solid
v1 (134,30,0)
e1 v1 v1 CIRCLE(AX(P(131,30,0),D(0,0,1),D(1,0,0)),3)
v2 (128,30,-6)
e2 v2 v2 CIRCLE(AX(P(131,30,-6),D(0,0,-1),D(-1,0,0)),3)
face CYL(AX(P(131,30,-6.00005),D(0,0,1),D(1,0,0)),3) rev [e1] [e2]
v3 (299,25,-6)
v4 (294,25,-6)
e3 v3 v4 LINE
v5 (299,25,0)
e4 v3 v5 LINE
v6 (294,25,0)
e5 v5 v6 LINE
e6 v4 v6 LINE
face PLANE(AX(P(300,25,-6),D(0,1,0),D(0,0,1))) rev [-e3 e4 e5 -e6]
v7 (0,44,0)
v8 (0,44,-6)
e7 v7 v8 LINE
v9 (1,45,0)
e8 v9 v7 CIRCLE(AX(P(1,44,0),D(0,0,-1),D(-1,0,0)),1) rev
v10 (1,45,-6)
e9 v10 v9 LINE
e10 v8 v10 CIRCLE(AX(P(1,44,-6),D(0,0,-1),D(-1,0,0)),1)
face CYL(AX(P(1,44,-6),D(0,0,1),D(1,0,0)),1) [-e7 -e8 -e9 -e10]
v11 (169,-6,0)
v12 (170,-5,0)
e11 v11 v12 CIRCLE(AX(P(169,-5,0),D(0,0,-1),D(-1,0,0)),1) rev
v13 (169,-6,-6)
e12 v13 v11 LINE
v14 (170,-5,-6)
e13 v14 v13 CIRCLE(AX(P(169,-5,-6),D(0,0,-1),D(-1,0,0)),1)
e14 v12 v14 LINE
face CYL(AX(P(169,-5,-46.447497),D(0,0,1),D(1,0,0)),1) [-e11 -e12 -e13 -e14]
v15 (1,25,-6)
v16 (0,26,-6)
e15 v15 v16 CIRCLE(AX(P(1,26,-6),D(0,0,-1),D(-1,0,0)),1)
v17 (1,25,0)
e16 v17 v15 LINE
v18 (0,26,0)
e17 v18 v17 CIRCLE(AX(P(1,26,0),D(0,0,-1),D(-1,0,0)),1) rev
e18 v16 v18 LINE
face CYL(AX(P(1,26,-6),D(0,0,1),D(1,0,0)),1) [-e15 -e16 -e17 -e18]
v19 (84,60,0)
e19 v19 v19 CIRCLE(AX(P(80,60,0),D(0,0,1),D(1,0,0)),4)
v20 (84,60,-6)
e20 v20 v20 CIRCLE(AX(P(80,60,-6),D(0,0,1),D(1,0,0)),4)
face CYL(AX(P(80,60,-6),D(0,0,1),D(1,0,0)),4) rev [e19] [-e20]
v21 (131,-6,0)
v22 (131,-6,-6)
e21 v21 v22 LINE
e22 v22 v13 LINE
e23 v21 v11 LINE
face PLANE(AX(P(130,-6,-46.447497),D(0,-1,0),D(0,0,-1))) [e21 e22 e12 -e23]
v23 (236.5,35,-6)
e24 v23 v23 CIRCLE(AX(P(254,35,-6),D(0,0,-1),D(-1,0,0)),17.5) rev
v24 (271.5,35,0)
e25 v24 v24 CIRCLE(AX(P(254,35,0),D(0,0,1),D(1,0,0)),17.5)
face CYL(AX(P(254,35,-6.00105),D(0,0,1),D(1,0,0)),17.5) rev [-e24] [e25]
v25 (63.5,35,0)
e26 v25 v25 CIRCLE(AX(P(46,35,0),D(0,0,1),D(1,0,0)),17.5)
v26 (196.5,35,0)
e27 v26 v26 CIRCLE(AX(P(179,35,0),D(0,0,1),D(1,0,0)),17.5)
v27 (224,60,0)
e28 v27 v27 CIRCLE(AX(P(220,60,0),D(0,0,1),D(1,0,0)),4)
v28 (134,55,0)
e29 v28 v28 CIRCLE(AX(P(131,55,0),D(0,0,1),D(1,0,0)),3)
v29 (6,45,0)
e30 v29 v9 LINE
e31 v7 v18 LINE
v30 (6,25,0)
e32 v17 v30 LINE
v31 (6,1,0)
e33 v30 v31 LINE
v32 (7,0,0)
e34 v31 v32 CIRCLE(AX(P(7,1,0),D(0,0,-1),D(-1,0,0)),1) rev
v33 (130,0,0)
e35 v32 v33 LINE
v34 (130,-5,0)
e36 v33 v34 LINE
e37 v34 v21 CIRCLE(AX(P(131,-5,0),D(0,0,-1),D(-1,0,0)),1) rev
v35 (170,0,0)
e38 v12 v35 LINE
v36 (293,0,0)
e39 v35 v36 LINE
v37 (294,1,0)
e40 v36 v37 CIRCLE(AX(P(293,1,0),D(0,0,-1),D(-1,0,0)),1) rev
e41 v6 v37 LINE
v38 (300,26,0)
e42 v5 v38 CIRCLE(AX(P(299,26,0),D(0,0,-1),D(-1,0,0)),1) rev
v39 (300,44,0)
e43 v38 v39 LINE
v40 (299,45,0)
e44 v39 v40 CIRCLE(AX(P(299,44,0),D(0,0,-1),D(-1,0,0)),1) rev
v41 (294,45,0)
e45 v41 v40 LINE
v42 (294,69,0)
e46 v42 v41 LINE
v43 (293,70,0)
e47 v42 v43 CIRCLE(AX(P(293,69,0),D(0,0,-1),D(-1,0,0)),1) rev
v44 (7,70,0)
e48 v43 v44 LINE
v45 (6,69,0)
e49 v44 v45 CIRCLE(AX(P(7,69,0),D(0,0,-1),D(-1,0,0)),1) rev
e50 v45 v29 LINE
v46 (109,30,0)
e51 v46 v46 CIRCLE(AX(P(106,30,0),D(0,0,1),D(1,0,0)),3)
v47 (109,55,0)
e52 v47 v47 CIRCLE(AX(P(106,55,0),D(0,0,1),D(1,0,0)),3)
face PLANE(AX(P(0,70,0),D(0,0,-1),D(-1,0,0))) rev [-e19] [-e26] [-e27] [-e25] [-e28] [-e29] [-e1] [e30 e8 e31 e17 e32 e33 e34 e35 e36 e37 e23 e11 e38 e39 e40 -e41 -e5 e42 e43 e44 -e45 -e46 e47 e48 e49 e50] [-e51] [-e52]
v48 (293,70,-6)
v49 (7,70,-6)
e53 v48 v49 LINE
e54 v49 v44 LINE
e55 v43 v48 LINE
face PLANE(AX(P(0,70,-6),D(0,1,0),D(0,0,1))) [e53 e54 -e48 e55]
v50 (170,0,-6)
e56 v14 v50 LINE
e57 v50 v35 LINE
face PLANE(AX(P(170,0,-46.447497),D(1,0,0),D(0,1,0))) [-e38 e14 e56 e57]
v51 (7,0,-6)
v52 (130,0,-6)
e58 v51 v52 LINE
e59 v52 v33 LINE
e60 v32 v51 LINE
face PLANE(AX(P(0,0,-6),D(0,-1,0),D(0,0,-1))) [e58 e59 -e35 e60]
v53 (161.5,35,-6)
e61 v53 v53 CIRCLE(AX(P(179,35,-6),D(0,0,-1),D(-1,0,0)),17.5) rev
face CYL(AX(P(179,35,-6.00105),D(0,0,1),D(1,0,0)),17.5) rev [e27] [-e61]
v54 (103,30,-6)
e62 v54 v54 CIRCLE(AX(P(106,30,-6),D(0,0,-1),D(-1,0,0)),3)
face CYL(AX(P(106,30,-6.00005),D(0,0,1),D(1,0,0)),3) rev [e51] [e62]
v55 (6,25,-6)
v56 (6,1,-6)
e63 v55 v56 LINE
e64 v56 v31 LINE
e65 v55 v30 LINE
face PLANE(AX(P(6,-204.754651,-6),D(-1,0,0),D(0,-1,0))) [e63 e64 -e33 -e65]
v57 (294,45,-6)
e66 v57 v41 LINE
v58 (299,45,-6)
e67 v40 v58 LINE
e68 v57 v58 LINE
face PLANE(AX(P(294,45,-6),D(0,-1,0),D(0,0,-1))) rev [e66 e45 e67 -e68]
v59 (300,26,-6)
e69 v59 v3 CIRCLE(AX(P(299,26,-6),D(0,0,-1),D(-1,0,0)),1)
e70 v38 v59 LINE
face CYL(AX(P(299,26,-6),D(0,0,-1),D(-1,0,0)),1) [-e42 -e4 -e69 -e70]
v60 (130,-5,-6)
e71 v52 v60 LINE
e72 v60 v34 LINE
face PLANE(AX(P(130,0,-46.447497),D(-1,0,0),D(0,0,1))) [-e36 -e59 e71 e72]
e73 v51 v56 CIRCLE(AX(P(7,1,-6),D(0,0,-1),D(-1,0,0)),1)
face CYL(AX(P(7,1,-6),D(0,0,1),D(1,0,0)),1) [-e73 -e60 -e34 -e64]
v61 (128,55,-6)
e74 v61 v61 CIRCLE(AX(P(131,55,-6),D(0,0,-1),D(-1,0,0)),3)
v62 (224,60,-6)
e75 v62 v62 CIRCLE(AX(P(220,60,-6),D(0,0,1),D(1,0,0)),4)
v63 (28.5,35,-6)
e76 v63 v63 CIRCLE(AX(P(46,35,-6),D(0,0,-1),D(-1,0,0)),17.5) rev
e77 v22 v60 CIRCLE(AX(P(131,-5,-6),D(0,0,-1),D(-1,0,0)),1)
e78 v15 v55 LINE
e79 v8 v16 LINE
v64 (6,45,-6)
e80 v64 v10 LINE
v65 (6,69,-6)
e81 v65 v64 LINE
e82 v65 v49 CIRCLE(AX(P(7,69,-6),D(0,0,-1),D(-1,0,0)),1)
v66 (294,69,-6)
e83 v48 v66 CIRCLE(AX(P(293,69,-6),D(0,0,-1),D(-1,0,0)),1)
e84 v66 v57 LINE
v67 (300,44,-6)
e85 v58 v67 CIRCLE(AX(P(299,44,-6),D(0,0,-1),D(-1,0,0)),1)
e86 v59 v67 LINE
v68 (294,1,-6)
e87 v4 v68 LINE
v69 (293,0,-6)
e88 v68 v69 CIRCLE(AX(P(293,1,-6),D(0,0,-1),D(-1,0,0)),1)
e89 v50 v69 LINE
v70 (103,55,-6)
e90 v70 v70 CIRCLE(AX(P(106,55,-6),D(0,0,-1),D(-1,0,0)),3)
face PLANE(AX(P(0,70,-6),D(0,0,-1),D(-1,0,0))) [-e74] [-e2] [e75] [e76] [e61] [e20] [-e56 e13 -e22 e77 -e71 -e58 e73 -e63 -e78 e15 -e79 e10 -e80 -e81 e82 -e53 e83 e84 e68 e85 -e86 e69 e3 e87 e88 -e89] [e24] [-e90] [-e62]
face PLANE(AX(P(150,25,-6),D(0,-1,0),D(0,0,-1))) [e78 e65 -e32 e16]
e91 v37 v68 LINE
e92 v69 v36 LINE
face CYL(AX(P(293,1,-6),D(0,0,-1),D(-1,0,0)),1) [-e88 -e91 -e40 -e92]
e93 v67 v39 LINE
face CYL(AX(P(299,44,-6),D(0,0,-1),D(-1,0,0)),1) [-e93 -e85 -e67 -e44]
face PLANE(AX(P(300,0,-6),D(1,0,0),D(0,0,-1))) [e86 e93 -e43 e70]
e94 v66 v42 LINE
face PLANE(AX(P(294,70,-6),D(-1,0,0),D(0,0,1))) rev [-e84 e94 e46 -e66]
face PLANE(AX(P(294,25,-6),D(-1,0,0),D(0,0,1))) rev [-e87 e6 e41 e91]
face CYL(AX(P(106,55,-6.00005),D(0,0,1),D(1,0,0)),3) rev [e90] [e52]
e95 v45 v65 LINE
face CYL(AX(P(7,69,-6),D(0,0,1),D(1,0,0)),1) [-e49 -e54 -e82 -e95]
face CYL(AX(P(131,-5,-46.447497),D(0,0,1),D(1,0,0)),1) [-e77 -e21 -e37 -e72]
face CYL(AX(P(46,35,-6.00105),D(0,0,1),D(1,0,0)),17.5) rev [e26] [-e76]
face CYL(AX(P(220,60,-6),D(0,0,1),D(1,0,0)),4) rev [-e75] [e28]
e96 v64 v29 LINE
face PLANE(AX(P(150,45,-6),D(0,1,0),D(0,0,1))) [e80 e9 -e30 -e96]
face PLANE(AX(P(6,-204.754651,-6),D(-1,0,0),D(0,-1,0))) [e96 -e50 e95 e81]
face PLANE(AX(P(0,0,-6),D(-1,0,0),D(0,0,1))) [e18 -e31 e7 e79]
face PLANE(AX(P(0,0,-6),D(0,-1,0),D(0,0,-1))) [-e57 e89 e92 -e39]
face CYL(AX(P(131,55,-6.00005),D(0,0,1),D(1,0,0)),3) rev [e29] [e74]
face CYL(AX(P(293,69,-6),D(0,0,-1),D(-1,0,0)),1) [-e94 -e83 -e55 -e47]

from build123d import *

# Parameters (mm, degrees)
SKETCH1_W           = 300
SKETCH1_H           = 70
FRONT_DEPTH         = 6
SKETCH2_W           = 6
SKETCH2_H           = 25
SKETCH2_R           = 4
MOUNT_DEPTH         = 309.116860947
SKETCH3_W           = 40
SKETCH3_H           = 6
BOSS_EXTRUDE1_DEPTH = 6
FILLET_2_R          = 1
SKETCH4_R           = 3
CUT_EXTRUDE1_DEPTH  = 309.116860947
LITE_REACH          = 310.117
SKETCH5_R           = 17.5


with BuildPart() as part:
    # Sketch1 → front (new body)
    with BuildSketch(Plane.XY):
        with Locations((150, 35)):
            Rectangle(SKETCH1_W, SKETCH1_H)
    extrude(amount=-FRONT_DEPTH)

    # Sketch2 → mount (cut, through all)
    with BuildSketch(Plane.XY):
        with Locations((3, 57.5)):
            Rectangle(SKETCH2_W, SKETCH2_H)
        with Locations((3, 12.5)):
            Rectangle(SKETCH2_W, SKETCH2_H)
        with Locations((297, 57.5)):
            Rectangle(SKETCH2_W, SKETCH2_H)
        with Locations((297, 12.5)):
            Rectangle(SKETCH2_W, SKETCH2_H)
        with Locations((80, 60)):
            Circle(SKETCH2_R)
        with Locations((220, 60)):
            Circle(SKETCH2_R)
    extrude(amount=-MOUNT_DEPTH, mode=Mode.SUBTRACT)

    # Sketch3 → Boss-Extrude1 (add)
    with BuildSketch(Plane.XY):
        with Locations((150, -3)):
            Rectangle(SKETCH3_W, SKETCH3_H)
    extrude(amount=-BOSS_EXTRUDE1_DEPTH)

    # fillet 2
    fillet_2_edges = [part.edges().sort_by_distance(p)[0] for p in [
        (0, 45, -3),
        (0, 25, -3),
        (294, 0, -3),
        (300, 25, -3),
        (300, 45, -3),
        (294, 70, -3),
        (6, 0, -3),
        (6, 70, -3),
        (170, -6, -3),
        (130, -6, -3),
    ]]
    fillet(fillet_2_edges, radius=FILLET_2_R)

    # Sketch4 → Cut-Extrude1 (cut, through all)
    with BuildSketch(Plane.XY):
        with Locations((106, 55)):
            Circle(SKETCH4_R)
        with Locations((131, 55)):
            Circle(SKETCH4_R)
        with Locations((106, 30)):
            Circle(SKETCH4_R)
        with Locations((131, 30)):
            Circle(SKETCH4_R)
    extrude(amount=-CUT_EXTRUDE1_DEPTH, mode=Mode.SUBTRACT)

    # Sketch5 → lite (cut, up to next)
    with BuildSketch(Plane.XY, mode=Mode.PRIVATE) as lite_sk1:
        with Locations((46, 35)):
            Circle(SKETCH5_R)
    lite_tool1 = extrude(lite_sk1.sketch, amount=-LITE_REACH, mode=Mode.PRIVATE) & part.part
    # Sketch5 → lite (cut, up to next)
    with BuildSketch(Plane.XY, mode=Mode.PRIVATE) as lite_sk2:
        with Locations((179, 35)):
            Circle(SKETCH5_R)
    lite_tool2 = extrude(lite_sk2.sketch, amount=-LITE_REACH, mode=Mode.PRIVATE) & part.part
    # Sketch5 → lite (cut, up to next)
    with BuildSketch(Plane.XY, mode=Mode.PRIVATE) as lite_sk3:
        with Locations((254, 35)):
            Circle(SKETCH5_R)
    lite_tool3 = extrude(lite_sk3.sketch, amount=-LITE_REACH, mode=Mode.PRIVATE) & part.part
    add(lite_tool1.solids().sort_by_distance((46, 35, 0))[0], mode=Mode.SUBTRACT)
    add(lite_tool2.solids().sort_by_distance((179, 35, 0))[0], mode=Mode.SUBTRACT)
    add(lite_tool3.solids().sort_by_distance((254, 35, 0))[0], mode=Mode.SUBTRACT)


solid = part.part
